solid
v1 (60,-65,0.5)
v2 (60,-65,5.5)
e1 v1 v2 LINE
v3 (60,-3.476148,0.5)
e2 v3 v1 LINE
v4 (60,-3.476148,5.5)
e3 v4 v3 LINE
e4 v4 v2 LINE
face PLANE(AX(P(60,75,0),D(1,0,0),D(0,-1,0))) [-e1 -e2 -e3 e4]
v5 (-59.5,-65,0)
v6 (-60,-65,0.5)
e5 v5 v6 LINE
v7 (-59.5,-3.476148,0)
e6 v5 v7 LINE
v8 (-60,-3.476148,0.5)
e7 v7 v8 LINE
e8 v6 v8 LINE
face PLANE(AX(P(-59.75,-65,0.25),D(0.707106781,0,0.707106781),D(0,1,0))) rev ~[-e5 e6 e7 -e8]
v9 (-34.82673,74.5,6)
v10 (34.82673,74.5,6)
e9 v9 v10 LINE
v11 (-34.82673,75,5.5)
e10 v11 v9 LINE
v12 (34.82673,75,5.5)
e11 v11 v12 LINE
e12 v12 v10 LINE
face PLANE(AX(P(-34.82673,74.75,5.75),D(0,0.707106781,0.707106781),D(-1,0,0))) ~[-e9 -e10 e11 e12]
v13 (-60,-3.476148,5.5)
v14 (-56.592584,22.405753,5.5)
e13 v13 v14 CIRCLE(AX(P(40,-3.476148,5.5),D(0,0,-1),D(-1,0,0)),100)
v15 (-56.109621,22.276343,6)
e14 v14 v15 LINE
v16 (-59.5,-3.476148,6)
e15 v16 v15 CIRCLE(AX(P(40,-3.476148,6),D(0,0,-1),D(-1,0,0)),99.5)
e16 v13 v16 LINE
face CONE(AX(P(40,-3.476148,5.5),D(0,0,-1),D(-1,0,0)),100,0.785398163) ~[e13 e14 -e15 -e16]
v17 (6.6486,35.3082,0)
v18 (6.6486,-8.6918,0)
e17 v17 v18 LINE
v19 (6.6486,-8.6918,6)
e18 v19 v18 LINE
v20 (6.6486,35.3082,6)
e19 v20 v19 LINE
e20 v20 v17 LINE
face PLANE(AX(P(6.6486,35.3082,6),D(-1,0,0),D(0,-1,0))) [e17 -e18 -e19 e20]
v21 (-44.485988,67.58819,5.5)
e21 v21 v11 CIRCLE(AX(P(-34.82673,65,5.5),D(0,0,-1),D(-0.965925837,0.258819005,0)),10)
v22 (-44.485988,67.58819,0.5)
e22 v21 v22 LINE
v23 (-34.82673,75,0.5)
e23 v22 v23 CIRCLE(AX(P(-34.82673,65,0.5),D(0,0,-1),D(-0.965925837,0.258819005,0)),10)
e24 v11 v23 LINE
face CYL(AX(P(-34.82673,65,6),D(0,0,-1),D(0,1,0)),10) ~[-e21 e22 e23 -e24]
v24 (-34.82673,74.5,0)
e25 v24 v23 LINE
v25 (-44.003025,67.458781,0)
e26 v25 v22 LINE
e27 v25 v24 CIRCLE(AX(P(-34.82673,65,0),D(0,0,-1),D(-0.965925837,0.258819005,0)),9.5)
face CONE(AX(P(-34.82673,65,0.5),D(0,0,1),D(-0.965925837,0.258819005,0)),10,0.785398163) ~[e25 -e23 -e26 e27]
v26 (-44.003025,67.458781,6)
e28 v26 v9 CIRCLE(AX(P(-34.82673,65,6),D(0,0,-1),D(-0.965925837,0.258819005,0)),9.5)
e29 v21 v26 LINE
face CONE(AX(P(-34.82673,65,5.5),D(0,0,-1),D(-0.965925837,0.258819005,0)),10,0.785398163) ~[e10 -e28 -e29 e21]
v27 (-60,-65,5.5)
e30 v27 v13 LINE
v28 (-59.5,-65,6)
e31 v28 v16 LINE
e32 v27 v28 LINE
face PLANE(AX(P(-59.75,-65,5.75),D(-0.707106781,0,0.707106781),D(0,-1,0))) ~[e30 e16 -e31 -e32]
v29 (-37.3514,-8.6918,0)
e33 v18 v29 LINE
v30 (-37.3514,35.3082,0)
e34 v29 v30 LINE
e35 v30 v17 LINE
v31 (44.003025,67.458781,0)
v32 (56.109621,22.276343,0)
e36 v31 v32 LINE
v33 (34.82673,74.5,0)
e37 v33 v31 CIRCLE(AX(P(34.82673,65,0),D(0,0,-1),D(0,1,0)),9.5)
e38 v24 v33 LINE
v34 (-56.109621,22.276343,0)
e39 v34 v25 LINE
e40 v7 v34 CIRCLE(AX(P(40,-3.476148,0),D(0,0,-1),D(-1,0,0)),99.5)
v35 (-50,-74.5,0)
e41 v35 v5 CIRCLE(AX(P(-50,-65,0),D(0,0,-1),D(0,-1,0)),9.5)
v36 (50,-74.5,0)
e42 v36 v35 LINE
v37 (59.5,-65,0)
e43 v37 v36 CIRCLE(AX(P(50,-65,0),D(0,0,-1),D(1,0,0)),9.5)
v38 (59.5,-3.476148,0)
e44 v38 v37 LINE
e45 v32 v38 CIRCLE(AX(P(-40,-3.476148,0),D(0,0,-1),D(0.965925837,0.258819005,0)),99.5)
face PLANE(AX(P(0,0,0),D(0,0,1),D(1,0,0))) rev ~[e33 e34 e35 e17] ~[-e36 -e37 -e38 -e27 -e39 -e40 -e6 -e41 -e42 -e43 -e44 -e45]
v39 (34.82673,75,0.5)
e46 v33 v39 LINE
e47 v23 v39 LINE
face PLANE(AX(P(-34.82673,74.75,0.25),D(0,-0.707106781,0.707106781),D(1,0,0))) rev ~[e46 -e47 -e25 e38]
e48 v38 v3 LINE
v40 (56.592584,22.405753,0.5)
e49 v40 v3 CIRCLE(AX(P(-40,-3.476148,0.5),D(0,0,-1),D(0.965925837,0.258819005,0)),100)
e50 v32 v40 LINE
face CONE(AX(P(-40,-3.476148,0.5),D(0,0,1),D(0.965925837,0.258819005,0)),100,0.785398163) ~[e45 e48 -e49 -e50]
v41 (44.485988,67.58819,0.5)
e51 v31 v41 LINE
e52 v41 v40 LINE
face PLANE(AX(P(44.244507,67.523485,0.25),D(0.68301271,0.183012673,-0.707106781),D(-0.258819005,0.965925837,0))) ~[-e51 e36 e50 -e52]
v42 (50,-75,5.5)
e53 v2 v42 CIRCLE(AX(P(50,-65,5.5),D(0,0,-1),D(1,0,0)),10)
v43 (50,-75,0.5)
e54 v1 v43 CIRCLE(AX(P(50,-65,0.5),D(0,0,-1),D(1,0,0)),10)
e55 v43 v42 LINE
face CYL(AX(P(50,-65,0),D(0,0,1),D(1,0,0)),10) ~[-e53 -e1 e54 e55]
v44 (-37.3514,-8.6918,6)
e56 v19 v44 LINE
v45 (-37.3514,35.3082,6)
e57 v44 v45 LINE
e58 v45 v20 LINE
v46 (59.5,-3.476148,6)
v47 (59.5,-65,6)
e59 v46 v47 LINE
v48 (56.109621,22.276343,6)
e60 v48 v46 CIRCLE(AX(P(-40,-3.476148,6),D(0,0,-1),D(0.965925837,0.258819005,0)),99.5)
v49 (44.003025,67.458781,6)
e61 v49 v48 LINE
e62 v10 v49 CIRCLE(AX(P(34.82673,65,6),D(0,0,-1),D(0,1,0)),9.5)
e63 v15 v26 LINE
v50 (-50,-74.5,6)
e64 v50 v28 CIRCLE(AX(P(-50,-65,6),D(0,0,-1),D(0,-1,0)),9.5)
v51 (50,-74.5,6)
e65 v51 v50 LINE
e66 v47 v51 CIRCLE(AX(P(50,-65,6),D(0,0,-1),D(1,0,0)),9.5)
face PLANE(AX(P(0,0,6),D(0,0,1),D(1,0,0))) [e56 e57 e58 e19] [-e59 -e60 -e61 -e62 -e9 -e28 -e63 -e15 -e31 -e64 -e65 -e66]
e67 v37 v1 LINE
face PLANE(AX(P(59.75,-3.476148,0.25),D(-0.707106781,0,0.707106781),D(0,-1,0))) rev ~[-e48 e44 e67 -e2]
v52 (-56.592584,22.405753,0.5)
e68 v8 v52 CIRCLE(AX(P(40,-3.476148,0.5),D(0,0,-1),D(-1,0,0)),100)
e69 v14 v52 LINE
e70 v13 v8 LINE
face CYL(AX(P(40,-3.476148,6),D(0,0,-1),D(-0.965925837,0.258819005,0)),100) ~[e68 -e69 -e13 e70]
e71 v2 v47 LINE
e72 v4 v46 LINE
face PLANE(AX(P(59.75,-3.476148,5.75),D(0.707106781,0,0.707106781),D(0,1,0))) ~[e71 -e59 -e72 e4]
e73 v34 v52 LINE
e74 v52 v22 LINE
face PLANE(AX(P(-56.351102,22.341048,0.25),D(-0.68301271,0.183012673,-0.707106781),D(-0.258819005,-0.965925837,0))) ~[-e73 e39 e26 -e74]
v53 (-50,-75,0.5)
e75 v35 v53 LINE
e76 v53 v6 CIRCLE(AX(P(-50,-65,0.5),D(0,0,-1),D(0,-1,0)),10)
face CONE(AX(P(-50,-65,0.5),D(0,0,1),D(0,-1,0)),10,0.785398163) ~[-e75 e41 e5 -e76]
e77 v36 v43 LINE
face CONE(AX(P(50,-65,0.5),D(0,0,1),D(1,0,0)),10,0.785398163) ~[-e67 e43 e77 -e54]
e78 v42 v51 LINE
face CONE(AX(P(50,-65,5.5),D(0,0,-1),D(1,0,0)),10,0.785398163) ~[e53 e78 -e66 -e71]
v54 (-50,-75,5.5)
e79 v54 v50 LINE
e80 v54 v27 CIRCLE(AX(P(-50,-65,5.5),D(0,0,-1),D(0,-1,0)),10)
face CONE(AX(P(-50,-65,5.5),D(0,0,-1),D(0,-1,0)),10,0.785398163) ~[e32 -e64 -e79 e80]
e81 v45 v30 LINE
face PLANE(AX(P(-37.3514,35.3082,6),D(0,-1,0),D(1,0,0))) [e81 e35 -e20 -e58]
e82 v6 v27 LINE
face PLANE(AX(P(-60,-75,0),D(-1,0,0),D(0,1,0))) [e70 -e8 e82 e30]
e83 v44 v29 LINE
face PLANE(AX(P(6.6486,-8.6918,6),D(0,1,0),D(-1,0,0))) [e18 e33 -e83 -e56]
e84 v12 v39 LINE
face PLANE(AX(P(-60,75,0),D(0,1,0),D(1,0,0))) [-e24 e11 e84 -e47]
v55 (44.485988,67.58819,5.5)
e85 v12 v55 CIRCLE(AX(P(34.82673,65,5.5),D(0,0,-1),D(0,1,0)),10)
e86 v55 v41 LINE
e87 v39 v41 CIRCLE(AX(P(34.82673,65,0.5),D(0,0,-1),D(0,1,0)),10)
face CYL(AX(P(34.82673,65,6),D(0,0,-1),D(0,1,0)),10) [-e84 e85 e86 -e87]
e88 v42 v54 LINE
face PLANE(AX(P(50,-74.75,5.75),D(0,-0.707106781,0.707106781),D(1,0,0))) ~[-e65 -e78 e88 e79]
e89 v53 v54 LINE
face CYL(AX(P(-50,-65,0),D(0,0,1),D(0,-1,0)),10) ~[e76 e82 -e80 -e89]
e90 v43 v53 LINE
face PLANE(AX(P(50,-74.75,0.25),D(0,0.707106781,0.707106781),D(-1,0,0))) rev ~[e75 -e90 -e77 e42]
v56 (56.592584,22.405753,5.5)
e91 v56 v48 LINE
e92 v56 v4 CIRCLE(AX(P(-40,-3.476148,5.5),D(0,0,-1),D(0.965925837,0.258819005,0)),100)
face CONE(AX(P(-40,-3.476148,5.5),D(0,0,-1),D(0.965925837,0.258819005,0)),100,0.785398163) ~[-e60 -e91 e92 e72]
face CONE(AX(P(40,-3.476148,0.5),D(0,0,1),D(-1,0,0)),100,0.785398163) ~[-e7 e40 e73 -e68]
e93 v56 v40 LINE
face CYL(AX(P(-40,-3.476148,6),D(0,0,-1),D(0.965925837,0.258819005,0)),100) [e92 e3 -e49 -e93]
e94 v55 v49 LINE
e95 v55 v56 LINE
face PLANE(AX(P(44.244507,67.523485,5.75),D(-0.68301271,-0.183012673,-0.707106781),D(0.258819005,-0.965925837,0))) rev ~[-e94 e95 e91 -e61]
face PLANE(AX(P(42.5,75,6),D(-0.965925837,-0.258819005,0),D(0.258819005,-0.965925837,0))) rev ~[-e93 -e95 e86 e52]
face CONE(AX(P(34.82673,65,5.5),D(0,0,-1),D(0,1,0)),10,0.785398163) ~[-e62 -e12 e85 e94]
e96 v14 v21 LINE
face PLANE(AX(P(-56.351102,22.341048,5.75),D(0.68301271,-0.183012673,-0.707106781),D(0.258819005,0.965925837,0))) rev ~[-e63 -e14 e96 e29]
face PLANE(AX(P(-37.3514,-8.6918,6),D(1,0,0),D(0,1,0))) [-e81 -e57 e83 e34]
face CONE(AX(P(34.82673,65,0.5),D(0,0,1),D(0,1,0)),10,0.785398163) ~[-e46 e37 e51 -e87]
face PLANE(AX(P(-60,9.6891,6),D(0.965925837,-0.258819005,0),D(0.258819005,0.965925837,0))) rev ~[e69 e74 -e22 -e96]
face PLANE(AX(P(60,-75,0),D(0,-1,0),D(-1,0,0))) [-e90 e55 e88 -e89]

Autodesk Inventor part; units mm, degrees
ref_plane "YZ Plane" through (0, 0, 0) normal (1, 0, 0) x (0, 1, 0)
ref_plane "XZ Plane" through (0, 0, 0) normal (0, 1, 0) x (-1, 0, 0)
ref_plane "XY Plane" through (0, 0, 0) normal (0, 0, 1) x (1, 0, 0)
sketch "Sketch1" plane through (0, 0, 0) normal (0, 0, 1) x (1, 0, 0)
  line L0 (-60, 75) -> (60, 75)
  line L1 (60, 75) -> (60, -75)
  line L2 (60, -75) -> (-60, -75)
  line L3 (-60, -75) -> (-60, 75)
  point P0 (0, 0)
  point P1 (60, 0)
  point P2 (0, 75)
  dimension "d0" = 120
  dimension "d1" = 150
extrude "Extrusion1" add sketch "Sketch1" along normal blind 6
sketch "Sketch2" plane through (0, 0, 6) normal (0, 0, 1) x (1, 0, 0)
  line L0 (-37.3514, 35.3082) -> (6.6486, 35.3082)
  line L1 (6.6486, 35.3082) -> (6.6486, -8.6918)
  line L2 (6.6486, -8.6918) -> (-37.3514, -8.6918)
  line L3 (-37.3514, -8.6918) -> (-37.3514, 35.3082)
  point P0 (0, 0)
  dimension "d4" = 44
  dimension "d5" = 44
extrude "Hole" cut sketch "Sketch2" against normal through all
sketch "Sketch3" plane through (0, 0, 6) normal (0, 0, 1) x (1, 0, 0)
  line L0 (6.6486, 35.3082) -> (6.6486, -8.6918) projected
  line L1 (6.6486, -8.6918) -> (-37.3514, -8.6918) projected
  line L2 (-37.3514, -8.6918) -> (-37.3514, 35.3082) projected
  line L3 (-37.3514, 35.3082) -> (6.6486, 35.3082) projected
  line L4 (-60, -75) -> (60, -75) projected
  line L5 (60, -75) -> (60, 75) projected
  line L6 (60, 75) -> (-60, 75) projected
  line L7 (-60, 75) -> (-60, -75) projected
  line L8 (-60, 9.6891) -> (-42.5, 75)
  line L9 (42.5, 75) -> (60, 9.6891)
  line L10 (-42.5, 75) -> (42.5, 75)
  line L11 (60, 75) -> (-60, 75) construction
  point P0 (0, 0)
  point P1 (0, 75)
  dimension "d9" = 15
  dimension "d10" = 85
extrude "Extrusion3" cut sketch "Sketch3" against normal through all contours L7 L6 L8 | L9 L6 L5
fillet "Fillet1" radius 10 4 edges at (60, -75, 3) (-60, -75, 3) (-42.5, 75, 3) (42.5, 75, 3)
fillet "Fillet2" radius 100 2 edges at (60, 9.6891, 3) (-60, 9.6891, 3)
chamfer "Chamfer1" distance 0.5 angle 45 24 edges at (0, 75, 6) (-40.9143, 72.9335, 6) (-50.5393, 44.997, 6) (-59.1445, 9.5765, 6) (-60, -34.2381, 6) (-57.0711, -72.0711, 6) (0, -75, 6) (57.0711, -72.0711, 6) (60, -34.2381, 6) (59.1445, 9.5765, 6) (50.5393, 44.997, 6) (40.9143, 72.9335, 6) (0, 75, 0) (-40.9143, 72.9335, 0) (-50.5393, 44.997, 0) (-59.1445, 9.5765, 0) (-60, -34.2381, 0) (-57.0711, -72.0711, 0) (0, -75, 0) (57.0711, -72.0711, 0) (60, -34.2381, 0) (59.1445, 9.5765, 0) (50.5393, 44.997, 0) (40.9143, 72.9335, 0)
equation "\"d0\" = width"
equation "\"d1\" = hight"
equation "\"hight\" = 150"
equation "\"width\" = 120"
properties part number "tc-front-panel" material "ABS Plastic"
